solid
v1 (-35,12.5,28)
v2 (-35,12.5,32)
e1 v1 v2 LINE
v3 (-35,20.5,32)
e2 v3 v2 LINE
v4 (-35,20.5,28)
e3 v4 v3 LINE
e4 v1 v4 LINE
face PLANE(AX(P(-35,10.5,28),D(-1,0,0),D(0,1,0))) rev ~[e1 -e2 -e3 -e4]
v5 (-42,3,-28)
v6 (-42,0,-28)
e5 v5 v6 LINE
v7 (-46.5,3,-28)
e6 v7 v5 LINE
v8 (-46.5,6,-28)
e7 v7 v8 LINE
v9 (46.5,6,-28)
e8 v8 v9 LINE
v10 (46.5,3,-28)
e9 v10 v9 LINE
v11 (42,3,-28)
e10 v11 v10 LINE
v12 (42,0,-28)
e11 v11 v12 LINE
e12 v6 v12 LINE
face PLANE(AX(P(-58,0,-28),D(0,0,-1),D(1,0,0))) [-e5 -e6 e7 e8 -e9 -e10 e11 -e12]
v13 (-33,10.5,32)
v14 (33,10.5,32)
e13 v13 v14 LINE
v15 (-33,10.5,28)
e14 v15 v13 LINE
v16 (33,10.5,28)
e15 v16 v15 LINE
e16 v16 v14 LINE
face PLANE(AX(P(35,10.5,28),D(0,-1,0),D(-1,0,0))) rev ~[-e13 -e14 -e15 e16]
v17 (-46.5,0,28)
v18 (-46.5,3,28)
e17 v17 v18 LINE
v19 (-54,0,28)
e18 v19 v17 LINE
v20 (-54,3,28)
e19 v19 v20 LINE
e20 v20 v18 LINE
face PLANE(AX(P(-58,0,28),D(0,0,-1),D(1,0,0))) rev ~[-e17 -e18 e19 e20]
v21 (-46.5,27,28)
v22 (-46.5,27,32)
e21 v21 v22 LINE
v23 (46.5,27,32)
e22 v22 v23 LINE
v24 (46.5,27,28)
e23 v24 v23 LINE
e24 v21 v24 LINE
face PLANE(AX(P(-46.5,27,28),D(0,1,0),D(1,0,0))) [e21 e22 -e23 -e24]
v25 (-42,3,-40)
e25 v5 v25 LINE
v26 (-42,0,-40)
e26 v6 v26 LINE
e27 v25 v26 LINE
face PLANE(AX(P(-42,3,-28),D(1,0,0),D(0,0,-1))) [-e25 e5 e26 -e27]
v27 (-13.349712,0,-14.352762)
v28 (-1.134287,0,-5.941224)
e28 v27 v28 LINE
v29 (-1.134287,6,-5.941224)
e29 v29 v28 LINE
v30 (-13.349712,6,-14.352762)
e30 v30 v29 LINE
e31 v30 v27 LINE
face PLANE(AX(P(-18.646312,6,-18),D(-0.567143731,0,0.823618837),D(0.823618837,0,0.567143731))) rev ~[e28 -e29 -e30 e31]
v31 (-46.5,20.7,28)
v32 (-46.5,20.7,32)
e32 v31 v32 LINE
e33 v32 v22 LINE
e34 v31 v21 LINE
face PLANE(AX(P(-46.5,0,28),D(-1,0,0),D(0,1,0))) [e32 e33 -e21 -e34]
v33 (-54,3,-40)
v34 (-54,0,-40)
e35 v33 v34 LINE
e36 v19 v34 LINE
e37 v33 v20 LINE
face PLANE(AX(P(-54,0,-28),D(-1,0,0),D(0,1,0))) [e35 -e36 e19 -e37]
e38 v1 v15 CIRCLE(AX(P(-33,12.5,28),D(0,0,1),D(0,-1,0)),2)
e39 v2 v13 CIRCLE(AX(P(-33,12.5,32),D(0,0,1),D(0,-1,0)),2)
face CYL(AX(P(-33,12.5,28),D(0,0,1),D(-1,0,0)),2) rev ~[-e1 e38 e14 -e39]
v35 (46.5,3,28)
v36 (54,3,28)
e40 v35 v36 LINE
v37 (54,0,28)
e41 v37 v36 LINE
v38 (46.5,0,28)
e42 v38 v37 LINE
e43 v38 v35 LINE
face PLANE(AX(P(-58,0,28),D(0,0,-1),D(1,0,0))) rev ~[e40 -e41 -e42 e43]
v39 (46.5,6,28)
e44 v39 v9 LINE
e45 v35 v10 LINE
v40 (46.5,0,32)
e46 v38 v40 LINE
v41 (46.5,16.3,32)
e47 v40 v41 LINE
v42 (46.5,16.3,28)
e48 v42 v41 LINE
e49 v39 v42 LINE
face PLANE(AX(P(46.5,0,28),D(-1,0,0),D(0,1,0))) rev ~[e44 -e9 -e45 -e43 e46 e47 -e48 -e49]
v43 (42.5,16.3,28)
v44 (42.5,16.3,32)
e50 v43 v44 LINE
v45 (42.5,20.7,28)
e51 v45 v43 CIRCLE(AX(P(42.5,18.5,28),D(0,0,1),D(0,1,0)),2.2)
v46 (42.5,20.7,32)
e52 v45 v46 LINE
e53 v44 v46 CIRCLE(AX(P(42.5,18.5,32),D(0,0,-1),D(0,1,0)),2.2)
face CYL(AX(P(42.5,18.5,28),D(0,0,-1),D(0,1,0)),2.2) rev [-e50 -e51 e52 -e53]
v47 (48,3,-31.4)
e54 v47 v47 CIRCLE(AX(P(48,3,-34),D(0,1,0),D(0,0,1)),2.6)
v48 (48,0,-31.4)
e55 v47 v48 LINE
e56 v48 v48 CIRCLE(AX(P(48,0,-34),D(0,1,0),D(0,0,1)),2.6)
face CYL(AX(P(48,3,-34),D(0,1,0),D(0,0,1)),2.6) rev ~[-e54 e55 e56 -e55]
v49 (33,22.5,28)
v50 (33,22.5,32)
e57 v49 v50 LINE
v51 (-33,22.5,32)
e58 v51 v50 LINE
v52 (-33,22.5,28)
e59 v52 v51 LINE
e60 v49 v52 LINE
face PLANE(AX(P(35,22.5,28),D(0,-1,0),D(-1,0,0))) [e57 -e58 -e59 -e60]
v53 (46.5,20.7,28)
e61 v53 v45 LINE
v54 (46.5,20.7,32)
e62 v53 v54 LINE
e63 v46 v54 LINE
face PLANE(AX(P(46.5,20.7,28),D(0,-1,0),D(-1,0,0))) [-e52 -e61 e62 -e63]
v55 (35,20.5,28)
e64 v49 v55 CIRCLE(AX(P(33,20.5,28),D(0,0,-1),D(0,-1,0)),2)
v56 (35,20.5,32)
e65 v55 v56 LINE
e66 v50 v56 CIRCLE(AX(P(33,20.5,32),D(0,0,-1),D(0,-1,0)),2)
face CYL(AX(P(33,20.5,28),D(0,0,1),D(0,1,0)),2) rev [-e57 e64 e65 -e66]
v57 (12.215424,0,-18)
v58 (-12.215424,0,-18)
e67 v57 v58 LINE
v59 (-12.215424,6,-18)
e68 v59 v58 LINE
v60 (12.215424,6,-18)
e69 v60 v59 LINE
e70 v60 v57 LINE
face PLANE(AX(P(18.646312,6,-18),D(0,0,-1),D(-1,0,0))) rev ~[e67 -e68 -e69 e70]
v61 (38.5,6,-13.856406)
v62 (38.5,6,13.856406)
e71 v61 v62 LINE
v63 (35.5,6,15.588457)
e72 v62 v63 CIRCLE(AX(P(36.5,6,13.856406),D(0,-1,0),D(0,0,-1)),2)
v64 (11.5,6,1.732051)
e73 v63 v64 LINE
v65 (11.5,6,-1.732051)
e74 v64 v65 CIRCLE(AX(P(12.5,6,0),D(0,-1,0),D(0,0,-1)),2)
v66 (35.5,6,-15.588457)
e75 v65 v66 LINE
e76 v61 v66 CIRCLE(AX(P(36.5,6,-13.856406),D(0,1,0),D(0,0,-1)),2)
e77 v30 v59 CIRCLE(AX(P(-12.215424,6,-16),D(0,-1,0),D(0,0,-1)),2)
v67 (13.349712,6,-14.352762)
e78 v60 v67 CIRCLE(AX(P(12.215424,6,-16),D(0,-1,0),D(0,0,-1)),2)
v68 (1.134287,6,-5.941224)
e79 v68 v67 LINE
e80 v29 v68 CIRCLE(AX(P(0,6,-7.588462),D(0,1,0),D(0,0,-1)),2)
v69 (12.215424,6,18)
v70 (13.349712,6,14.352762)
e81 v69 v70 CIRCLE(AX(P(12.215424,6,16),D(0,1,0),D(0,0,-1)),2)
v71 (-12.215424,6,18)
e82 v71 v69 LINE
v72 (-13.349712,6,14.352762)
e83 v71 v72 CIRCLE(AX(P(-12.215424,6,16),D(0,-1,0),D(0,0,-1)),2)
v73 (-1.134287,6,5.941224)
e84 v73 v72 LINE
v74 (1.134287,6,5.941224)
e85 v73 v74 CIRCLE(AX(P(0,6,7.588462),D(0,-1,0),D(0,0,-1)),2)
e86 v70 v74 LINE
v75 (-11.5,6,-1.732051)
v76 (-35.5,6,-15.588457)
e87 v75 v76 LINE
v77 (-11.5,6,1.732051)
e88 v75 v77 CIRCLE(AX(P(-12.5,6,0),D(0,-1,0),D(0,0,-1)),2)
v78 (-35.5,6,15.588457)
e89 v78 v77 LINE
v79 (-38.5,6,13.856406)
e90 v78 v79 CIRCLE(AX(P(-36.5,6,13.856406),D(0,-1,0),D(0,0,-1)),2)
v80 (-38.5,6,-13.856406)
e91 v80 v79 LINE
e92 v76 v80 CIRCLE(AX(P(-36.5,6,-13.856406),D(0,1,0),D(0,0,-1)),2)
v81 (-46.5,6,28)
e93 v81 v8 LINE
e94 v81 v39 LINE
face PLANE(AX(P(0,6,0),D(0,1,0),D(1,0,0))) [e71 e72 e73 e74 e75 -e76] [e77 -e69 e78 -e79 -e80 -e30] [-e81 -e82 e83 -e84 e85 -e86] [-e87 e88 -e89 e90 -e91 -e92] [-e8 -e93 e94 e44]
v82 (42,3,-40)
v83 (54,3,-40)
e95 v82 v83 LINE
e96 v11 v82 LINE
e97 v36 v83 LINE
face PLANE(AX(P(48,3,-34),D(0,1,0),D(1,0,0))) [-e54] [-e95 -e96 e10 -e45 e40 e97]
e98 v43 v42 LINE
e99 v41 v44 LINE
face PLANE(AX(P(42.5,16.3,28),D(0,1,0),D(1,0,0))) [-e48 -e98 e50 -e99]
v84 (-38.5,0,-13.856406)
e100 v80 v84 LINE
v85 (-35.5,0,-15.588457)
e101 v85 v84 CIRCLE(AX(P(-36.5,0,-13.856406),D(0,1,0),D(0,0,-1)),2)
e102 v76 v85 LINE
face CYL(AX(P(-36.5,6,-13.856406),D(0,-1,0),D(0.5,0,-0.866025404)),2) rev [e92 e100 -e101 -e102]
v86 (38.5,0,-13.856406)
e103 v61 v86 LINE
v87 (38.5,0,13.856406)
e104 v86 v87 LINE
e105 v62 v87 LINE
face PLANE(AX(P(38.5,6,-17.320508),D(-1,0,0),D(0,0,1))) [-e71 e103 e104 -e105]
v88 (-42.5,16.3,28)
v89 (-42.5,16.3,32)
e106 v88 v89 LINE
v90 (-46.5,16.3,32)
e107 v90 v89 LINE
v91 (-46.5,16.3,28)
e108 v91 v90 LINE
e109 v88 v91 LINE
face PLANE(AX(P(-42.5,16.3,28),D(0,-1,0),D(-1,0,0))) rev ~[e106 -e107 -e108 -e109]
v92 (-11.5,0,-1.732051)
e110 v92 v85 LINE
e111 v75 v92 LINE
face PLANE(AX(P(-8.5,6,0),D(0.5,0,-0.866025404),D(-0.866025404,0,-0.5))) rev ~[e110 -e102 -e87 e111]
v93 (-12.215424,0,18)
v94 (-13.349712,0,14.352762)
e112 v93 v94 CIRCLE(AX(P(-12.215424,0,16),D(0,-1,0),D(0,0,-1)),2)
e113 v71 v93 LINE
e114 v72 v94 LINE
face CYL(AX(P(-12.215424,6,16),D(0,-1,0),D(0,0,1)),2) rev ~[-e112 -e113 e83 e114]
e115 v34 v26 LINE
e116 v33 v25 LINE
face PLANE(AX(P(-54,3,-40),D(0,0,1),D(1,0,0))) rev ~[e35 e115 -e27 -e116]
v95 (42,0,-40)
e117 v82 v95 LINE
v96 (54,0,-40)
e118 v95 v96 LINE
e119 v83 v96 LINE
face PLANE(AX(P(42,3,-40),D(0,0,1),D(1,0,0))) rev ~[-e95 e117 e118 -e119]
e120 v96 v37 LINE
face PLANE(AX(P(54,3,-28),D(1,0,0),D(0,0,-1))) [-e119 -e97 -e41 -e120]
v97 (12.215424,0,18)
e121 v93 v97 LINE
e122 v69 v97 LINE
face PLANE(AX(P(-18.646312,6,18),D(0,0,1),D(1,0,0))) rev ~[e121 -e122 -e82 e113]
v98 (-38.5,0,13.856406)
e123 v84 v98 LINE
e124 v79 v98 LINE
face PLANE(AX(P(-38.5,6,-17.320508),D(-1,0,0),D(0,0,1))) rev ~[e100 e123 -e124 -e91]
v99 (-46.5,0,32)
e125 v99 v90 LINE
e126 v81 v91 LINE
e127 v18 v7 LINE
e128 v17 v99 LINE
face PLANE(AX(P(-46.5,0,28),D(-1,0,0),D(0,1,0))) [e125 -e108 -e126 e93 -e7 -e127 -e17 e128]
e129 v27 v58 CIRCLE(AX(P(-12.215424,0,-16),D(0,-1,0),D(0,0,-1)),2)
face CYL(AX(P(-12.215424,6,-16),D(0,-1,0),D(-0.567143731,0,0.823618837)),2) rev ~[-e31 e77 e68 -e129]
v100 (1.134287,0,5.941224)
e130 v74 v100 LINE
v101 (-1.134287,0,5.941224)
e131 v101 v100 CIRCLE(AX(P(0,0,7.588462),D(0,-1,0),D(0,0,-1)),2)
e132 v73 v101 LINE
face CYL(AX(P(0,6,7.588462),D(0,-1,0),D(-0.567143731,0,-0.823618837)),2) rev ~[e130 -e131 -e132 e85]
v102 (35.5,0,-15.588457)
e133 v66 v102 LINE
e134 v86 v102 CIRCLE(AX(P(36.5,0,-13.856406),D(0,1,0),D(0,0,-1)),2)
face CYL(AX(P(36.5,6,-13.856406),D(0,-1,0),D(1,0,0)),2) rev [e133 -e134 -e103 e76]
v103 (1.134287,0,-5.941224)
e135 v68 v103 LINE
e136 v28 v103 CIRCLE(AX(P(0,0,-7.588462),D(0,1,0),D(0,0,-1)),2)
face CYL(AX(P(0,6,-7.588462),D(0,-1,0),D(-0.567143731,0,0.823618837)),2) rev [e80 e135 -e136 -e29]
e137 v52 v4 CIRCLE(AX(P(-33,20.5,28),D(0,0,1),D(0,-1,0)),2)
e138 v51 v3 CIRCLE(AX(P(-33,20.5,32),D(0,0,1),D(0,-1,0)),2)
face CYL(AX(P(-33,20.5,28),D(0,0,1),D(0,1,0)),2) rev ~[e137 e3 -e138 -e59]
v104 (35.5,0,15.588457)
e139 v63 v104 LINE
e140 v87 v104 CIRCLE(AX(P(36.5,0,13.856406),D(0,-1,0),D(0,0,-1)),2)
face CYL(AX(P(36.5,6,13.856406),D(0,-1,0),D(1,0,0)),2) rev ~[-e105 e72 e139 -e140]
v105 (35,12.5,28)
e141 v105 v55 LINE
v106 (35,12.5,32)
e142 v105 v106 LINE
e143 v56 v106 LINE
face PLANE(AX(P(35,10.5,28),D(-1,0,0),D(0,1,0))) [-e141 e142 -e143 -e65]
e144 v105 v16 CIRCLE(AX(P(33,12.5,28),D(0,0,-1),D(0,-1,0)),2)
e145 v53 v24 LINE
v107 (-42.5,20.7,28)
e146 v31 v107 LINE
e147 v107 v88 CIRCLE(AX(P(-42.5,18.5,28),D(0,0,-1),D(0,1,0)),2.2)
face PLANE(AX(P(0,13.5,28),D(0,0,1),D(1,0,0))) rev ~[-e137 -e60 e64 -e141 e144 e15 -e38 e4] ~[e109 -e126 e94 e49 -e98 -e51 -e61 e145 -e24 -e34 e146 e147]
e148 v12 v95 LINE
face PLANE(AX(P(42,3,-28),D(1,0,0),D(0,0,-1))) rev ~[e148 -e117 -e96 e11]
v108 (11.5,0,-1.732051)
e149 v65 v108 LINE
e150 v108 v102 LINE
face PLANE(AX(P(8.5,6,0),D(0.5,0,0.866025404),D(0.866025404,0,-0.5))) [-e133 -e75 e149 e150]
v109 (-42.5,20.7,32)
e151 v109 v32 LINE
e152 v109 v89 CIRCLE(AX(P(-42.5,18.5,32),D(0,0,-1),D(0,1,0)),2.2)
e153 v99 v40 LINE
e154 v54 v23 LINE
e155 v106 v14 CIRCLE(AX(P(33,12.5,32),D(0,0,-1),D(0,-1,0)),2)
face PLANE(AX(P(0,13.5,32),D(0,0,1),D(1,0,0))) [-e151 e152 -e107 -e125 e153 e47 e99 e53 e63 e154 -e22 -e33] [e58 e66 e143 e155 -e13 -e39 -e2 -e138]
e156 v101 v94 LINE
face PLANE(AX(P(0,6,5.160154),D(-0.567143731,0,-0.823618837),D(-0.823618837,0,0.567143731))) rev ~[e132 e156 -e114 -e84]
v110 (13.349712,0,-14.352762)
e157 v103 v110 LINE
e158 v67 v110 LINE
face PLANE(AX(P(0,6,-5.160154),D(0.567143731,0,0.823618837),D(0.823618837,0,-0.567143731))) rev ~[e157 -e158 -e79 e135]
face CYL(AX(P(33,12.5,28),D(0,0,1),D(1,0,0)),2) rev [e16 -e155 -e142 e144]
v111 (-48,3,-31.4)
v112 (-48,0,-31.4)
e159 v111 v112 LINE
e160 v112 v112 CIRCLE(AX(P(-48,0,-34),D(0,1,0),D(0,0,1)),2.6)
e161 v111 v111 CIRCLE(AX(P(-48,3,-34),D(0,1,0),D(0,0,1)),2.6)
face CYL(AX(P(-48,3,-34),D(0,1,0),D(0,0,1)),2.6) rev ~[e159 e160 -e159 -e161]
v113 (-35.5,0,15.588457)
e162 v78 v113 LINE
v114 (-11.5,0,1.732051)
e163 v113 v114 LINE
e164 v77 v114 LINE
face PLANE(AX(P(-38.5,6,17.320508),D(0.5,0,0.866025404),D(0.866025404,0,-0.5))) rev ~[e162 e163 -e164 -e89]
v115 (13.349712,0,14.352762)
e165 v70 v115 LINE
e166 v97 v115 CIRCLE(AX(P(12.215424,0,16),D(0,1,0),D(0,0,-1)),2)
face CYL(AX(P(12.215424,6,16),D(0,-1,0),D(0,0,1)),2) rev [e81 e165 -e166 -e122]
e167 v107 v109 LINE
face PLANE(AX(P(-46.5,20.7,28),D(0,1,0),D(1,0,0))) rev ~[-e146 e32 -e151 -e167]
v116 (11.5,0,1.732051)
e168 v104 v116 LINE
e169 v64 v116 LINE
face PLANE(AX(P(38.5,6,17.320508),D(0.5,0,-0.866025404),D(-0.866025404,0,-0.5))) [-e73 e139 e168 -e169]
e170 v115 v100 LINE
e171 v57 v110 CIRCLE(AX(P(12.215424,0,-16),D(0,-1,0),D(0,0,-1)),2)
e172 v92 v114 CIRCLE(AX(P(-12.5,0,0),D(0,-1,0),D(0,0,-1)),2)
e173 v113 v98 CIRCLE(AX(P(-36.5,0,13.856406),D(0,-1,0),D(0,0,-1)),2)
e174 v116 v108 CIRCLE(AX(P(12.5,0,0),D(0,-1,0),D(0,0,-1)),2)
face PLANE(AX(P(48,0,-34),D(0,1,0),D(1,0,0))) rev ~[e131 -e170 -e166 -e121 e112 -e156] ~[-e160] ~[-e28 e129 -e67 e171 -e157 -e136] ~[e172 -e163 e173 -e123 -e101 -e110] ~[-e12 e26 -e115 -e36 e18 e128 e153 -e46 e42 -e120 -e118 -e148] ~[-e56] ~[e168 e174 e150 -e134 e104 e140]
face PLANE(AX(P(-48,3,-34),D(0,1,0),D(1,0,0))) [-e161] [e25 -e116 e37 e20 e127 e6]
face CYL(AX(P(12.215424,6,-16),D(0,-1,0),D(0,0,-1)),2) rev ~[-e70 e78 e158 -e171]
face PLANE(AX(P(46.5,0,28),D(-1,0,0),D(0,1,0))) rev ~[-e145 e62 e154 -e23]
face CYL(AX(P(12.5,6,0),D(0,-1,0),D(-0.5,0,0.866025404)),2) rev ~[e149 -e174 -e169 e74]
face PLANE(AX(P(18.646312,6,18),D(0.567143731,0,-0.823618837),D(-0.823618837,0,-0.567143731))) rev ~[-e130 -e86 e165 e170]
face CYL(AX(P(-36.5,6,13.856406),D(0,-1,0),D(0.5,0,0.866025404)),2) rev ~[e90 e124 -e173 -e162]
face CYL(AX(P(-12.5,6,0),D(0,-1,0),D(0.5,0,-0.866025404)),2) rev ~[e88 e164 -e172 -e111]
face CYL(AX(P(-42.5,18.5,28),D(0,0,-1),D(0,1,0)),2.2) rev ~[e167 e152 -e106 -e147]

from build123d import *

# Parameters (mm, degrees)
SKETCH_1_W          = 116
SKETCH_1_H          = 56
EXTRUDE_1_DEPTH     = 3
SKETCH_2_W          = 93
SKETCH_2_H          = 56
EXTRUDE_2_DEPTH     = 3
SKETCH_3_W          = 93
SKETCH_3_H          = 27
EXTRUDE_3_DEPTH     = 4
SKETCH_5_W          = 12
SKETCH_5_H          = 12
EXTRUDE_4_DEPTH     = 3
SKETCH_6_R          = 2.6
CUT_EXTRUDE_1_DEPTH = 3
CUT_EXTRUDE_2_DEPTH = 74.518705103
SKETCH_8_W          = 70
SKETCH_8_H          = 12
CUT_EXTRUDE_3_DEPTH = 94.364875622
SKETCH_9_W          = 4
SKETCH_9_H          = 3
CUT_EXTRUDE_4_DEPTH = 88.709748603
CUT_EXTRUDE_5_DEPTH = 91.93404203
FILLET_1_R          = 2


with BuildPart() as part:
    # 草图1 → 凸台-拉伸1 (new body)
    with BuildSketch(Plane(origin=(0, 0, 0), x_dir=(1, 0, 0), z_dir=(0, 1, 0))):
        Rectangle(SKETCH_1_W, SKETCH_1_H)
    extrude(amount=EXTRUDE_1_DEPTH)

    # 草图2 → 凸台-拉伸2 (add)
    with BuildSketch(Plane(origin=(0, 3, 0), x_dir=(1, 0, 0), z_dir=(0, 1, 0))):
        Rectangle(SKETCH_2_W, SKETCH_2_H)
    extrude(amount=EXTRUDE_2_DEPTH)

    # 草图3 → 凸台-拉伸3 (add)
    with BuildSketch(Plane.XY.offset(28)):
        with Locations((0, 13.5)):
            Rectangle(SKETCH_3_W, SKETCH_3_H)
    extrude(amount=EXTRUDE_3_DEPTH)

    # 草图5 → 凸台-拉伸4 (add)
    with BuildSketch(Plane(origin=(0, 3, 0), x_dir=(1, 0, 0), z_dir=(0, 1, 0))):
        with Locations((48, 34)):
            Rectangle(SKETCH_5_W, SKETCH_5_H)
        with Locations((-48, 34)):
            Rectangle(SKETCH_5_W, SKETCH_5_H)
    extrude(amount=-EXTRUDE_4_DEPTH)

    # 草图6 → 切除-拉伸1 (cut)
    with BuildSketch(Plane(origin=(0, 3, 0), x_dir=(1, 0, 0), z_dir=(0, 1, 0))):
        with Locations(Location((-48, 34, 0), (0, 0, 270))):
            Circle(SKETCH_6_R)
        with Locations(Location((48, 34, 0), (0, 0, 270))):
            Circle(SKETCH_6_R)
    extrude(amount=-CUT_EXTRUDE_1_DEPTH, mode=Mode.SUBTRACT)

    # 草图7 → 切除-拉伸2 (cut, through all)
    with BuildSketch(Plane(origin=(0, 6, 0), x_dir=(1, 0, 0), z_dir=(0, 1, 0))):
        Polygon((-18.64631219, 18), (0, 5.160153957), (18.64631219, 18), align=None)
        Polygon((-8.5, 0), (-38.5, 17.320508076), (-38.5, -17.320508076), align=None)
        Polygon((38.5, -17.320508076), (8.5, 0), (38.5, 17.320508076), align=None)
        Polygon((-18.64631219, -18), (18.64631219, -18), (0, -5.160153957), align=None)
    extrude(amount=-CUT_EXTRUDE_2_DEPTH, mode=Mode.SUBTRACT)

    # 草图8 → 切除-拉伸3 (cut, through all)
    with BuildSketch(Plane(origin=(0, 0, 28), x_dir=(-1, 0, 0), z_dir=(0, 0, -1))):
        with Locations((0, 16.5)):
            Rectangle(SKETCH_8_W, SKETCH_8_H)
    extrude(amount=-CUT_EXTRUDE_3_DEPTH, mode=Mode.SUBTRACT)

    # 草图9 → 切除-拉伸4 (cut, through all)
    with BuildSketch(Plane(origin=(0, 0, -28), x_dir=(-1, 0, 0), z_dir=(0, 0, -1))):
        with Locations((56, 1.5)):
            Rectangle(SKETCH_9_W, SKETCH_9_H)
        with Locations((-56, 1.5)):
            Rectangle(SKETCH_9_W, SKETCH_9_H)
    extrude(amount=-CUT_EXTRUDE_4_DEPTH, mode=Mode.SUBTRACT)

    # 草图10 → 切除-拉伸5 (cut, through all)
    with BuildSketch(Plane(origin=(0, 0, 28), x_dir=(-1, 0, 0), z_dir=(0, 0, -1))):
        with BuildLine():
            Line((-46.5, 20.7), (-42.5, 20.7))
            ThreePointArc((-42.5, 20.7), (-40.3, 18.5), (-42.5, 16.3))
            Line((-42.5, 16.3), (-46.5, 16.3))
            ThreePointArc((-46.5, 16.3), (-48.7, 18.5), (-46.5, 20.7))
        make_face()
        with BuildLine():
            Line((46.5, 20.7), (42.5, 20.7))
            ThreePointArc((42.5, 20.7), (40.3, 18.5), (42.5, 16.3))
            Line((42.5, 16.3), (46.5, 16.3))
            ThreePointArc((46.5, 16.3), (48.7, 18.5), (46.5, 20.7))
        make_face()
    extrude(amount=-CUT_EXTRUDE_5_DEPTH, mode=Mode.SUBTRACT)

    # 圆角1
    fillet_1_edges = [part.edges().sort_by_distance(p)[0] for p in [
        (0, 3, -5.160153957),
        (-18.64631219, 3, -18),
        (-18.64631219, 3, 18),
        (0, 3, 5.160153957),
        (18.64631219, 3, 18),
        (-8.5, 3, 0),
        (-38.5, 3, 17.320508076),
        (-38.5, 3, -17.320508076),
        (-35, 22.5, 30),
        (-35, 10.5, 30),
        (35, 10.5, 30),
        (35, 22.5, 30),
        (38.5, 3, -17.320508076),
        (38.5, 3, 17.320508076),
        (8.5, 3, 0),
        (18.64631219, 3, -18),
    ]]
    fillet(fillet_1_edges, radius=FILLET_1_R)


solid = part.part
